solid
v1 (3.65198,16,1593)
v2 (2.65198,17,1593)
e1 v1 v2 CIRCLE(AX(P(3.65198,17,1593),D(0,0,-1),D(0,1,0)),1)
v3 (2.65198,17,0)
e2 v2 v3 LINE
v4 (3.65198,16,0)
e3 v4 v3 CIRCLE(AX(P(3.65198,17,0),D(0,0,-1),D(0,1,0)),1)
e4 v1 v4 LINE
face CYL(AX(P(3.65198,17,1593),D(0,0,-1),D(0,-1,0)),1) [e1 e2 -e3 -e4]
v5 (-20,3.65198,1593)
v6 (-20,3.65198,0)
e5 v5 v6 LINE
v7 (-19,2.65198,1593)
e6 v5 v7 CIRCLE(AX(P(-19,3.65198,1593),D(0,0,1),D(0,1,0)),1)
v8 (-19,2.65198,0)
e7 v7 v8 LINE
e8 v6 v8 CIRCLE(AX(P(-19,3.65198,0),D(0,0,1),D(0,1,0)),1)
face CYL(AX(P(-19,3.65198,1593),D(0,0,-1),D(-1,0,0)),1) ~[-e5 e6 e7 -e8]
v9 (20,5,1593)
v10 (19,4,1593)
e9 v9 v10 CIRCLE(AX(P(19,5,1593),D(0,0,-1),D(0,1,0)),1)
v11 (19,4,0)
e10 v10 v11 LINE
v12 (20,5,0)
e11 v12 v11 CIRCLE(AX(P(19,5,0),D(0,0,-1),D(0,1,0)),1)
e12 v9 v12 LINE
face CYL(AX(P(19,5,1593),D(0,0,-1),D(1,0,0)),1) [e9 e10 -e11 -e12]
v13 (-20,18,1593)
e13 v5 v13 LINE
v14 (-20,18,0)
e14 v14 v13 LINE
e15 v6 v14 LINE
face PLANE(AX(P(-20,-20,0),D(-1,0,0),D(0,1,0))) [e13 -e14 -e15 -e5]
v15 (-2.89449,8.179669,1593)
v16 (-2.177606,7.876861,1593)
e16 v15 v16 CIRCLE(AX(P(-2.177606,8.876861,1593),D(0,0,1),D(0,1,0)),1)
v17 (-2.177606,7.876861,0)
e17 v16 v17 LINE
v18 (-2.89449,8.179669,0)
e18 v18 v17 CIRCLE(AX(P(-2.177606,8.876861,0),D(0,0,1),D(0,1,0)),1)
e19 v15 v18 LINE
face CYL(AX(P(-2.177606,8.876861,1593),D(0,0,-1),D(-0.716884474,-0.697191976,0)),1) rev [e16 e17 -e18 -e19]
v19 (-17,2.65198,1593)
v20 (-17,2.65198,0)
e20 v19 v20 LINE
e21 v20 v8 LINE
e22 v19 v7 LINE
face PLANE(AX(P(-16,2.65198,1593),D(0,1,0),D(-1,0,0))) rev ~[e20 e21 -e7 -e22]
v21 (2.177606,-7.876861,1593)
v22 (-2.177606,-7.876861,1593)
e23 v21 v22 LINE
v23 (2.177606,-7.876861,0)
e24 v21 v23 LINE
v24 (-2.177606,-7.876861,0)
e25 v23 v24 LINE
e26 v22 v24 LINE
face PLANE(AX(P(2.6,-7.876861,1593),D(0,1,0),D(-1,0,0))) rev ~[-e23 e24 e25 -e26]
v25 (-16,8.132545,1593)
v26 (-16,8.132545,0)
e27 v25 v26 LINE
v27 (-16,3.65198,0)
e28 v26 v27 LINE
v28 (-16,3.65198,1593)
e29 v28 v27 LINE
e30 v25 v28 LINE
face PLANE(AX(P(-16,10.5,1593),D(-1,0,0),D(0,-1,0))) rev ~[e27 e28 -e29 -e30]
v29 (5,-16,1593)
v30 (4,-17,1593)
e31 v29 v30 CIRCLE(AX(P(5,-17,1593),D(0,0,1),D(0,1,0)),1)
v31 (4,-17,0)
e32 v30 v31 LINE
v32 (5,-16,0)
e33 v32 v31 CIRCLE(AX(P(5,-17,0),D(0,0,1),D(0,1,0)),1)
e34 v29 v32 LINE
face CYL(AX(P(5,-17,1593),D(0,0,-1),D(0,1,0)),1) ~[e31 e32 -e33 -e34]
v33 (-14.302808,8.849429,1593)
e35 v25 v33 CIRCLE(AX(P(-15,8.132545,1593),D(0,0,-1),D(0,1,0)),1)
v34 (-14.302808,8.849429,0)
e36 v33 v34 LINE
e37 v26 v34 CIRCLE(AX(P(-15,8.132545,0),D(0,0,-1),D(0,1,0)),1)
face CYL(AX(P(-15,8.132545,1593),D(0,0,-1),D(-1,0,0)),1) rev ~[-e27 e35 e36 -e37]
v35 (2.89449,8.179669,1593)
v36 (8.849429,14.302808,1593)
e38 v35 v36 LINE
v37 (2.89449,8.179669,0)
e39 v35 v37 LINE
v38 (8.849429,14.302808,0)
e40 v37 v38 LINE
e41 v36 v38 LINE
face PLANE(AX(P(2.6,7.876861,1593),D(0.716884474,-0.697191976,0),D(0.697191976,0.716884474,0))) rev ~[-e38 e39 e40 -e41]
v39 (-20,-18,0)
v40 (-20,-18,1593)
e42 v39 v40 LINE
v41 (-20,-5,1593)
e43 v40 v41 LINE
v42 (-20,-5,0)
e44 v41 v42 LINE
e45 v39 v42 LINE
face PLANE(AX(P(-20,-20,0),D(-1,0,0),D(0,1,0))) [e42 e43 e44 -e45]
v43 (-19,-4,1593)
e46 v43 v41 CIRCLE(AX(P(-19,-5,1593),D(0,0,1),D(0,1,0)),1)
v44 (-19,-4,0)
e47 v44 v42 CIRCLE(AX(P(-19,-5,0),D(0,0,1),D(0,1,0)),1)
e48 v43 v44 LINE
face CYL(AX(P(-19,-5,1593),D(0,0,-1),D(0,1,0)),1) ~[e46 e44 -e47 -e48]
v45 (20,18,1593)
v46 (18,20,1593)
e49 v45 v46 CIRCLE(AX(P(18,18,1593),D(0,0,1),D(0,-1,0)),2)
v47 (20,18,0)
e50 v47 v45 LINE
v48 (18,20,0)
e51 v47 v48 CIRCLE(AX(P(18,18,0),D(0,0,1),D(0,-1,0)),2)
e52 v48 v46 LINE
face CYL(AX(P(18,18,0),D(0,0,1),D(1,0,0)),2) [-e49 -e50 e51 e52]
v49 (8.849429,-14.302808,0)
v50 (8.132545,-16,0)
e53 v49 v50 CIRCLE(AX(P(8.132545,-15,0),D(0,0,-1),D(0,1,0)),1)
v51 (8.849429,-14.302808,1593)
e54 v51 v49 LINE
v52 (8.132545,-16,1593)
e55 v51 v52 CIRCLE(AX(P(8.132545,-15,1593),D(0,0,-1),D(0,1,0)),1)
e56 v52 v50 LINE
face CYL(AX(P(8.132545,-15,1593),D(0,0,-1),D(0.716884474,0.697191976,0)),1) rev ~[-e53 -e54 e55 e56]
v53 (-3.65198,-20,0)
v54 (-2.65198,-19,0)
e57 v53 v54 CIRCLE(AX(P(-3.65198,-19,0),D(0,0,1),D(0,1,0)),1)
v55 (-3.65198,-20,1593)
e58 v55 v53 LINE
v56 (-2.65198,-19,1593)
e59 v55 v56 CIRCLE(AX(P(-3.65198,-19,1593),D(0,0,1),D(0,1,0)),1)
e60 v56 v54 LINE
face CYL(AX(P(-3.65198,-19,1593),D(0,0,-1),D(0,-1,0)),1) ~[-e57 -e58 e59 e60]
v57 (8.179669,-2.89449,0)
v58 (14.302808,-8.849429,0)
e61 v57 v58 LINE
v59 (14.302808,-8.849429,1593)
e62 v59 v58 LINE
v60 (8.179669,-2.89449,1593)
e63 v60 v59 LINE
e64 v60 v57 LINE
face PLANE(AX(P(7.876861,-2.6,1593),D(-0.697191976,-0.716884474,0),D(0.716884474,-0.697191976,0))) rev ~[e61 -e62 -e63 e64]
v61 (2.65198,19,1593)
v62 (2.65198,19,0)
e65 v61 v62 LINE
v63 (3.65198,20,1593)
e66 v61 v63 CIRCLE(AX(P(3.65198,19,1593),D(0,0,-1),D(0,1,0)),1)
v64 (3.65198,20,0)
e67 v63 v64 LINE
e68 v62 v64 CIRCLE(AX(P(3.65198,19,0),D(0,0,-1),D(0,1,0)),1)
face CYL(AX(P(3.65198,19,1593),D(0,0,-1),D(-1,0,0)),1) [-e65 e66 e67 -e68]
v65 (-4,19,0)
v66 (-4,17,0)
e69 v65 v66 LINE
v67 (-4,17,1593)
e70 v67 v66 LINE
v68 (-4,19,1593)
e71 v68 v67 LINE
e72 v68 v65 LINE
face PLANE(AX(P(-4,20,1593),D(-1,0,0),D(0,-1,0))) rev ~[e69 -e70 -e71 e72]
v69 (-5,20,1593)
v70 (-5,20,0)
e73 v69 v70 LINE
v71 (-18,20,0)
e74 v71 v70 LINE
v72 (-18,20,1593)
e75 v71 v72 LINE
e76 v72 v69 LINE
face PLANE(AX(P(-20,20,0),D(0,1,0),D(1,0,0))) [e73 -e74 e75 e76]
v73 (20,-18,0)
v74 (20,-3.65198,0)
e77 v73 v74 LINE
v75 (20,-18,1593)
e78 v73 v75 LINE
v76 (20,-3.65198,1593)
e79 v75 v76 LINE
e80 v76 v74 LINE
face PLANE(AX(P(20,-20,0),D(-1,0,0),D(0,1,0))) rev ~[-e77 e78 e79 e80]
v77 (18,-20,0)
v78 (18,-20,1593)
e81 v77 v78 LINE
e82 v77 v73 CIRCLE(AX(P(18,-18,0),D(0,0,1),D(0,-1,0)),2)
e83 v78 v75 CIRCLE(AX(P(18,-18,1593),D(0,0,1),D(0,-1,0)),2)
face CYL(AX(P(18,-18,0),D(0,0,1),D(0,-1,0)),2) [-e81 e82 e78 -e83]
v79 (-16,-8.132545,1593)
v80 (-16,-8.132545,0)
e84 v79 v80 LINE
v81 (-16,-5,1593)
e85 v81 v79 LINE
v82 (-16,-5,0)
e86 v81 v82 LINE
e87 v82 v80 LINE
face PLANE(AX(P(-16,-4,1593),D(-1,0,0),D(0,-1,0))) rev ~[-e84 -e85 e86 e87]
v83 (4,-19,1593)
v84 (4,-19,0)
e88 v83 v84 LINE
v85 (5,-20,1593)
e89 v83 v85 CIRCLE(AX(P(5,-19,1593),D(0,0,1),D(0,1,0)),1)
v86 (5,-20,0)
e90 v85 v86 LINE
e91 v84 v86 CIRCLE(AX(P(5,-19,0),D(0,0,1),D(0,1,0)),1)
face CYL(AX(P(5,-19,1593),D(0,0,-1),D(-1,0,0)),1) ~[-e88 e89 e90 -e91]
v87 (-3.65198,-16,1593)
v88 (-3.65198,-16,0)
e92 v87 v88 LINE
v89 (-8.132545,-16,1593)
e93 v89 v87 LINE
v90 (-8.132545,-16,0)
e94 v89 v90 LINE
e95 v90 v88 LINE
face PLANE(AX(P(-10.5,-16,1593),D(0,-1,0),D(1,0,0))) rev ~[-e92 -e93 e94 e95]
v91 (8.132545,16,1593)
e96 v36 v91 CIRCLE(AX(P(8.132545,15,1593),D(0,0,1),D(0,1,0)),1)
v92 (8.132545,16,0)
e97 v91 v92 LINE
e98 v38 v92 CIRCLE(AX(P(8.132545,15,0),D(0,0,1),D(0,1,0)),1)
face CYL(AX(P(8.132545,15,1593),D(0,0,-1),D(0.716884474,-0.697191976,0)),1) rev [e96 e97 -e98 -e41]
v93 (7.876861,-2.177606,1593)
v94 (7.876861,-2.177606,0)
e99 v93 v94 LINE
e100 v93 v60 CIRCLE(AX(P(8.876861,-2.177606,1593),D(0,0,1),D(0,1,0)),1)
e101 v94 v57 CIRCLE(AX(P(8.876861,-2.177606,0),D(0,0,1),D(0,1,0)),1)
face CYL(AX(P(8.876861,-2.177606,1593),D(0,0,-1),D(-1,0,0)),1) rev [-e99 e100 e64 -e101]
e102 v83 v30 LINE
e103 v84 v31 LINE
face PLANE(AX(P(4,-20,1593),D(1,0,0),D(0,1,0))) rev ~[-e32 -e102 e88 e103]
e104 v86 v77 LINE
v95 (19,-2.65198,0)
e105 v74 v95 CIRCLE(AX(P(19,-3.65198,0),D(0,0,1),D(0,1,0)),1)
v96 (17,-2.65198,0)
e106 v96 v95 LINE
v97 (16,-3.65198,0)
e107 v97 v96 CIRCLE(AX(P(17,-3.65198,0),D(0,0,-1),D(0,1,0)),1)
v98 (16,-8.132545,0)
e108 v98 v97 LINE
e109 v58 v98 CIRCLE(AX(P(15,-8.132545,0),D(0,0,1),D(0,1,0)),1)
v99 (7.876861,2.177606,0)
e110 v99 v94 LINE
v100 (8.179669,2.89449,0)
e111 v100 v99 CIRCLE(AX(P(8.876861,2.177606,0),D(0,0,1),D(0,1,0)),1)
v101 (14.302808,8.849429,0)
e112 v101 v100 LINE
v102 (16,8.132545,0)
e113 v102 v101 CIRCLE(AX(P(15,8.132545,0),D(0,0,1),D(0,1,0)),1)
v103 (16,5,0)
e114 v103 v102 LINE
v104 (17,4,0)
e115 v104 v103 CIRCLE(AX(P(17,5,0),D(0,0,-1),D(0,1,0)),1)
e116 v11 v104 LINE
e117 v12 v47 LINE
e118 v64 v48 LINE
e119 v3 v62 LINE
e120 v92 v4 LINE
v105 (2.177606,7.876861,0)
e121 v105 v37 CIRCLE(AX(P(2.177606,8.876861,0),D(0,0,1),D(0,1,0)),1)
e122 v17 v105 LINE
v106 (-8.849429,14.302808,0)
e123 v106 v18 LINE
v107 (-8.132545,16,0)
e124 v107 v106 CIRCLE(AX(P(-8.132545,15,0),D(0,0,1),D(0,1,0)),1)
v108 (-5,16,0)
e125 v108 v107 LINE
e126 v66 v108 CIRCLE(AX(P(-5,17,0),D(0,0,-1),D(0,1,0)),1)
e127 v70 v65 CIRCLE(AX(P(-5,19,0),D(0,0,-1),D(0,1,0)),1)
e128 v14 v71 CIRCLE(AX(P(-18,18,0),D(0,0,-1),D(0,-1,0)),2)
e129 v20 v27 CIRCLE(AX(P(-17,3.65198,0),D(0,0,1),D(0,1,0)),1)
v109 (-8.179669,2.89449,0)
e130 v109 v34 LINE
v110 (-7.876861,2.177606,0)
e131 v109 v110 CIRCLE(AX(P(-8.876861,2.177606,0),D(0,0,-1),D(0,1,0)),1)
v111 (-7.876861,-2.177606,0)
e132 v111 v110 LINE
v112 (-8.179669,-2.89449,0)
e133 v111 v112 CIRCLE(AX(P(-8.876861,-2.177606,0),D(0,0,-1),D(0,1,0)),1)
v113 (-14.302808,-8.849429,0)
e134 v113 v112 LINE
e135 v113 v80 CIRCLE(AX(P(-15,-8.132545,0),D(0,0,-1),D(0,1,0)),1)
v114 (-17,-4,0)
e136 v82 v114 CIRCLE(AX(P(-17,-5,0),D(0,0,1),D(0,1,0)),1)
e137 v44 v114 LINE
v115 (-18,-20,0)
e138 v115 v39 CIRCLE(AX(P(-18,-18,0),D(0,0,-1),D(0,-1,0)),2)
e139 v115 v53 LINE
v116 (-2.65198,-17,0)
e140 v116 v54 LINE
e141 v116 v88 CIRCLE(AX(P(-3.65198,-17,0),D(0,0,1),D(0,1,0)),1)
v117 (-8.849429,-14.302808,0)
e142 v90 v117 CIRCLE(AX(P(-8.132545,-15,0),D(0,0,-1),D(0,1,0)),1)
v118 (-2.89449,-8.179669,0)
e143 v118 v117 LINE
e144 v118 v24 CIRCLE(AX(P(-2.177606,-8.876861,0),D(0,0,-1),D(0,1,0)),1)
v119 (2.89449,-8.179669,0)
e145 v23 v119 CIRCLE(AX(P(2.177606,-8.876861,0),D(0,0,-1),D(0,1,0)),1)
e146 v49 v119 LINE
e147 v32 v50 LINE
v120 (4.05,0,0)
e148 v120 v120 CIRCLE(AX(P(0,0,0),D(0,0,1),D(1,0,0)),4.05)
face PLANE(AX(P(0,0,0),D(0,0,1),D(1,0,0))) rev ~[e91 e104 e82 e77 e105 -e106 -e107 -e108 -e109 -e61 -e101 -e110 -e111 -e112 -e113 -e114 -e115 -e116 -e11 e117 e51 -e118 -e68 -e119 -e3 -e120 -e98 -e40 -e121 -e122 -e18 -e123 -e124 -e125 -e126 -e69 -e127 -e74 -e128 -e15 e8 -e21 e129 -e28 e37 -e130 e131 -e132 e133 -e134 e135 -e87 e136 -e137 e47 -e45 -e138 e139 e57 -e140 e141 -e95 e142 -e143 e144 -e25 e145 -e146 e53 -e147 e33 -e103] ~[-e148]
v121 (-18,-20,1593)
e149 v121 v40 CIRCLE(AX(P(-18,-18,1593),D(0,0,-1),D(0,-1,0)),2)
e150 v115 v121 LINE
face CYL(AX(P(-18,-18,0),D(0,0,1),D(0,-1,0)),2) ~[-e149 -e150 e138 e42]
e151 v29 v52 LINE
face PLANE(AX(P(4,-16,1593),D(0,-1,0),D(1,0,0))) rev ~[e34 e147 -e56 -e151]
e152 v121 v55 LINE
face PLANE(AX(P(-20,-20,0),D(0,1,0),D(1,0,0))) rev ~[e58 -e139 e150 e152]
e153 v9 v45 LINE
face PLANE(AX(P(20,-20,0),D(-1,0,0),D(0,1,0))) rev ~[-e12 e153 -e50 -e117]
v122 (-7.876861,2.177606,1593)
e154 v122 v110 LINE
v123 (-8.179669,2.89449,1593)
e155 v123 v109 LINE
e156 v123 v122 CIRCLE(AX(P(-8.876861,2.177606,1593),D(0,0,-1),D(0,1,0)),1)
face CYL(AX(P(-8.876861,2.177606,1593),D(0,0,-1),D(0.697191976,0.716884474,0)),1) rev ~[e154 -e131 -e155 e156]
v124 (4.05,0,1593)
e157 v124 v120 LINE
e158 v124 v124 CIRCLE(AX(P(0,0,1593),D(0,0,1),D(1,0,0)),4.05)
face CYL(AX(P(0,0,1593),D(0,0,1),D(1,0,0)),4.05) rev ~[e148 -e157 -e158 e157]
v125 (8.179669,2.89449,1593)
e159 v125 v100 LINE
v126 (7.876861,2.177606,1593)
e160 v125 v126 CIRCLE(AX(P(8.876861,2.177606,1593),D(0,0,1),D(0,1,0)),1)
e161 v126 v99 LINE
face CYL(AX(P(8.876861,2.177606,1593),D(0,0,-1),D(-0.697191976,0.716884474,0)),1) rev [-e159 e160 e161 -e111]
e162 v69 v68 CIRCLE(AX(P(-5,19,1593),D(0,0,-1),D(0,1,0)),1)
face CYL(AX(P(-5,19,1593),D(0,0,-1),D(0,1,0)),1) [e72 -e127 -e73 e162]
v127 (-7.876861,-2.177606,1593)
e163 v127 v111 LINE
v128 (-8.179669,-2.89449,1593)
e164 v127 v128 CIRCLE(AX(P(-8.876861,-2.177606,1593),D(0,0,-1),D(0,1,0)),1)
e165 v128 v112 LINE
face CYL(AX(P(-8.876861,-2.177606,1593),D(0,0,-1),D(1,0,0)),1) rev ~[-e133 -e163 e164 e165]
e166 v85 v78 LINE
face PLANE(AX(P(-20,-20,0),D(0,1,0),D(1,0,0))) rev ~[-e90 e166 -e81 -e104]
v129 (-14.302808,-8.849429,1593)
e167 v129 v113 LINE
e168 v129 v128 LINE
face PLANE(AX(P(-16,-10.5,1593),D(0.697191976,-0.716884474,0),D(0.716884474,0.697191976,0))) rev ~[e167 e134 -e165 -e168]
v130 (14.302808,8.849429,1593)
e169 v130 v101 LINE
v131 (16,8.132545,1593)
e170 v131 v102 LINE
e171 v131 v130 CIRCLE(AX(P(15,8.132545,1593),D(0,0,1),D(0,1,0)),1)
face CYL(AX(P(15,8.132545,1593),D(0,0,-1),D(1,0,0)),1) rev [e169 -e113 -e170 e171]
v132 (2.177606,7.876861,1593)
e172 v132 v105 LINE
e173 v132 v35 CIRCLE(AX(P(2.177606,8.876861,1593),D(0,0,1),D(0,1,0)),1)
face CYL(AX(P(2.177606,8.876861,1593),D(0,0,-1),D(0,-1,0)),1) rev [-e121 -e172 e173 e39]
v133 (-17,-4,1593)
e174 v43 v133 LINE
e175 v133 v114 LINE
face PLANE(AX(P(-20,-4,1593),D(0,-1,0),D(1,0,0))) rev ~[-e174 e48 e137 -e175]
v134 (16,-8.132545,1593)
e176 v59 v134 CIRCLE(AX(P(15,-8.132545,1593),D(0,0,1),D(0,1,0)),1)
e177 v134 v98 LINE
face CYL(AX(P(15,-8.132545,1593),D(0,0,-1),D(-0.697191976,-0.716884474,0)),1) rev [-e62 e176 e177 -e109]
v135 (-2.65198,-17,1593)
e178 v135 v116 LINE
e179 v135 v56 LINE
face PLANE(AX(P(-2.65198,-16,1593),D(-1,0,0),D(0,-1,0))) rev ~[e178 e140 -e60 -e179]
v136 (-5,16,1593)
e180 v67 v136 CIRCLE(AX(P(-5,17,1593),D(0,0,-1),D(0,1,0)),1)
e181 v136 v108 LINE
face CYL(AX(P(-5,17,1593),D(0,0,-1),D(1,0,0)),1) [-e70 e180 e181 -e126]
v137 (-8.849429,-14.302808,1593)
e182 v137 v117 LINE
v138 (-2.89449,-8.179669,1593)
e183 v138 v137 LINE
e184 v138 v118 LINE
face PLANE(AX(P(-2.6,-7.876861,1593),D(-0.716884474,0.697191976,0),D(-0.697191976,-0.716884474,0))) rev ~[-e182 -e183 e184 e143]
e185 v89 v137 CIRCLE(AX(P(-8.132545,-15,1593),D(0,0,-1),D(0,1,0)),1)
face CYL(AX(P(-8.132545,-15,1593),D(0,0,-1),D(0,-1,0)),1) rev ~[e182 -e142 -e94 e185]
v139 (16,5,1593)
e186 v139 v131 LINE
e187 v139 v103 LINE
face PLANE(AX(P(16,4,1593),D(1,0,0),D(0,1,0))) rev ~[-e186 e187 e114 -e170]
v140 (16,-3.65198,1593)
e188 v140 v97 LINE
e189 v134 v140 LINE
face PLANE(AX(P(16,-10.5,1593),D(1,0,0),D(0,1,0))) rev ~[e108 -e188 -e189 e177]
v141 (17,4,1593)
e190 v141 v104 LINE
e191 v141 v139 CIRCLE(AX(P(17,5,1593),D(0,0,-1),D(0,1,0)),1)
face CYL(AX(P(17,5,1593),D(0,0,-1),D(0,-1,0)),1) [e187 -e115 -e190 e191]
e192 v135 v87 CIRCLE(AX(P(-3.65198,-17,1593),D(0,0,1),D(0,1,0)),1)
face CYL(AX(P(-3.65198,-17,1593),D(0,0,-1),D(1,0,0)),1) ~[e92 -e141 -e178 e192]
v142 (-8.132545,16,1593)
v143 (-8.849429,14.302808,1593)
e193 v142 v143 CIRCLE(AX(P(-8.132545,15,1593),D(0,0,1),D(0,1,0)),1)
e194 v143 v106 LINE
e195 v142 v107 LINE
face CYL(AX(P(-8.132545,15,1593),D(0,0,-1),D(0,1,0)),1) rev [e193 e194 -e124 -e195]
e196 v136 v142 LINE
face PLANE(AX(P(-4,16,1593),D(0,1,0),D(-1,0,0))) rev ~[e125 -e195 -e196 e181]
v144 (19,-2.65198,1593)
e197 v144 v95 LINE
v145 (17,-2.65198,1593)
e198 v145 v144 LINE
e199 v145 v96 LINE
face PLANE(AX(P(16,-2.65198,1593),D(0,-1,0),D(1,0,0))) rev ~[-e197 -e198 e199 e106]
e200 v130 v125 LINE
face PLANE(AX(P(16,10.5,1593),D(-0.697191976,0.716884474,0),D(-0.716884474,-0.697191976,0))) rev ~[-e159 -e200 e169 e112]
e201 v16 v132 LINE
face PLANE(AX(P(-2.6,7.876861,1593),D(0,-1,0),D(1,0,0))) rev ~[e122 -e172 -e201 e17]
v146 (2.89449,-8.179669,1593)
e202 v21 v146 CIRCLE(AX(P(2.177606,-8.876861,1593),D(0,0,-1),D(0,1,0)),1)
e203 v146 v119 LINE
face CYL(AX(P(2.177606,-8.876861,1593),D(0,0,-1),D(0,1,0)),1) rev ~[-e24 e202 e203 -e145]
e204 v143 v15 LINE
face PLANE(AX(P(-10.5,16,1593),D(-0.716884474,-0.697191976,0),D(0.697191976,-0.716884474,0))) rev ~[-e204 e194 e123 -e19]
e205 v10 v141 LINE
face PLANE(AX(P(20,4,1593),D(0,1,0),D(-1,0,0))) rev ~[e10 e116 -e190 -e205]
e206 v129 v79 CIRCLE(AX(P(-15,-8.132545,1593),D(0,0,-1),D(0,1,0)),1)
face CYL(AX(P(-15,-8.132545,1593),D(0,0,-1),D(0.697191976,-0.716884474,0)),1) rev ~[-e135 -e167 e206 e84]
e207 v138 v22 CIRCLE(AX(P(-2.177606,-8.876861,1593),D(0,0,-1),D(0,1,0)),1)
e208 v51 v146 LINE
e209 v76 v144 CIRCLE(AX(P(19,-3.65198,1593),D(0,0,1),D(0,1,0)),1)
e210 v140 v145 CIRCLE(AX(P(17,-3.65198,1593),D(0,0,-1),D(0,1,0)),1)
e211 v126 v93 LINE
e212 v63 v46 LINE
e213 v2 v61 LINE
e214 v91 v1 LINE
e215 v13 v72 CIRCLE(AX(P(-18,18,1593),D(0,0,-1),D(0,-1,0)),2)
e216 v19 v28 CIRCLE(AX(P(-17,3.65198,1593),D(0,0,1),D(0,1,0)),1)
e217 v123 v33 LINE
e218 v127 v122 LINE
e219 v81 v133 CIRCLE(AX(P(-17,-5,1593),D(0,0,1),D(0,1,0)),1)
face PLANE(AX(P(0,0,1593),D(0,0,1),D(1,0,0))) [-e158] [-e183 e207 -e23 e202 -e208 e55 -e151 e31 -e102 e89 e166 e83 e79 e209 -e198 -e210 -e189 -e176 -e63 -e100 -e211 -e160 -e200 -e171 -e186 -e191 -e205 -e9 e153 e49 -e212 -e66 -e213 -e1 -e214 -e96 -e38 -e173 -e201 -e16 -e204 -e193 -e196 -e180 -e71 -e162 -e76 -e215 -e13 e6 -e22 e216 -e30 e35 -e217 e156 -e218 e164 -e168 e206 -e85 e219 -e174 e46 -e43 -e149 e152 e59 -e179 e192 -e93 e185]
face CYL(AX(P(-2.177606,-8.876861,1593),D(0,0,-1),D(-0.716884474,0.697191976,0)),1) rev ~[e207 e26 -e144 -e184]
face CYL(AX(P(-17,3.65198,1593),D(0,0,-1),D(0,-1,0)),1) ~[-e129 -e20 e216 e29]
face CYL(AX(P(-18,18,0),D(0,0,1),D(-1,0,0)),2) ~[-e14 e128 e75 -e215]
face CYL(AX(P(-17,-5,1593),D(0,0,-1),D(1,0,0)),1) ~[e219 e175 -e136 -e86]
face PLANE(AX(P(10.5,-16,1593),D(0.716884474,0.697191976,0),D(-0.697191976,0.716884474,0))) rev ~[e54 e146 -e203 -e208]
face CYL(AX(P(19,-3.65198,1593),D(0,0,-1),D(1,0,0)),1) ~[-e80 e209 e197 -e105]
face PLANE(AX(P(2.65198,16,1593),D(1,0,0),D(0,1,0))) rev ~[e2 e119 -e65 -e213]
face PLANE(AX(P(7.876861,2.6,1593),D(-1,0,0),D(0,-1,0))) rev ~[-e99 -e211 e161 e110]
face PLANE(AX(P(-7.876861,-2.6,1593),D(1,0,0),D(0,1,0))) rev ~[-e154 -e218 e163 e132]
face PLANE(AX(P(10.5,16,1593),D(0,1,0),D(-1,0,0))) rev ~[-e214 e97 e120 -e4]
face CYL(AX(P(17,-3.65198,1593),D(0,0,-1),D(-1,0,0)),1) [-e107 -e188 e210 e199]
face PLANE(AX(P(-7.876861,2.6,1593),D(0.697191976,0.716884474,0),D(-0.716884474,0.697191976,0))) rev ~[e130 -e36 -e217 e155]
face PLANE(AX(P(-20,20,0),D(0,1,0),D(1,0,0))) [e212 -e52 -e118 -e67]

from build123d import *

# Parameters (mm, degrees)
SKETCH_1_W               = 40
SKETCH_1_H               = 40
EXTRUDE_1_DEPTH          = 1593
SKETCH_2_R               = 4.05
CUT_EXTRUDE_1_DEPTH      = 10000
CUT_EXTRUDE_2_DEPTH      = 10000
FILLET_1_R               = 1
PATTERN_CIRCULAR_2_COUNT = 4
FILLET_2_R               = 1
FILLET_3_R               = 1
FILLET_4_R               = 1
FILLET_5_R               = 2


with BuildPart() as part:
    # 草图1 → 凸台-拉伸1 (new body)
    with BuildSketch(Plane.XY):
        Rectangle(SKETCH_1_W, SKETCH_1_H)
    extrude(amount=EXTRUDE_1_DEPTH)

    # 草图2 → 切除-拉伸1 (cut)
    with BuildSketch(Plane.XY.offset(1593)):
        Circle(SKETCH_2_R)
    extrude(amount=-CUT_EXTRUDE_1_DEPTH, mode=Mode.SUBTRACT)

    # 草图4 → 切除-拉伸2 (cut)
    with BuildSketch(Plane.XY.offset(1593)):
        Polygon((20, 0), (20, 4), (16, 4), (16, 10.5), (7.876860985, 2.6), (7.876860985, -2.6), (16, -10.5), (16, -2.65197969), (20, -2.65197969), align=None)
    cut_extrude_2 = extrude(amount=-CUT_EXTRUDE_2_DEPTH, mode=Mode.SUBTRACT)

    # 圆角1
    fillet_1_edges = [part.edges().sort_by_distance(p)[0] for p in [
        (20, -2.65197969, 796.5),
        (16, -2.65197969, 796.5),
        (16, -10.5, 796.5),
        (7.876860985, -2.6, 796.5),
        (7.876860985, 2.6, 796.5),
        (16, 10.5, 796.5),
        (16, 4, 796.5),
        (20, 4, 796.5),
    ]]
    fillet(fillet_1_edges, radius=FILLET_1_R)

    # 阵列(圆周)2: 切除-拉伸2 ×4 about axis
    pattern_circular_2_axis = Axis((0, 0, 0), (0, 0, 1))
    for i in range(1, PATTERN_CIRCULAR_2_COUNT):
        add(cut_extrude_2.rotate(pattern_circular_2_axis, i * 360 / PATTERN_CIRCULAR_2_COUNT), mode=Mode.SUBTRACT)

    # 圆角2
    fillet_2_edges = [part.edges().sort_by_distance(p)[0] for p in [
        (2.65197969, 20, 796.5),
        (2.65197969, 16, 796.5),
        (10.5, 16, 796.5),
        (2.6, 7.876860985, 796.5),
        (-2.6, 7.876860985, 796.5),
        (-10.5, 16, 796.5),
        (-4, 16, 796.5),
        (-4, 20, 796.5),
    ]]
    fillet(fillet_2_edges, radius=FILLET_2_R)

    # 圆角3
    fillet_3_edges = [part.edges().sort_by_distance(p)[0] for p in [
        (-20, 2.65197969, 796.5),
        (-16, 2.65197969, 796.5),
        (-16, 10.5, 796.5),
        (-7.876860985, 2.6, 796.5),
        (-7.876860985, -2.6, 796.5),
        (-16, -10.5, 796.5),
        (-16, -4, 796.5),
        (-20, -4, 796.5),
    ]]
    fillet(fillet_3_edges, radius=FILLET_3_R)

    # 圆角4
    fillet_4_edges = [part.edges().sort_by_distance(p)[0] for p in [
        (-2.65197969, -20, 796.5),
        (-2.65197969, -16, 796.5),
        (-10.5, -16, 796.5),
        (-2.6, -7.876860985, 796.5),
        (2.6, -7.876860985, 796.5),
        (10.5, -16, 796.5),
        (4, -16, 796.5),
        (4, -20, 796.5),
    ]]
    fillet(fillet_4_edges, radius=FILLET_4_R)

    # 圆角5
    fillet_5_edges = [part.edges().sort_by_distance(p)[0] for p in [
        (20, -20, 796.5),
        (-20, -20, 796.5),
        (-20, 20, 796.5),
        (20, 20, 796.5),
    ]]
    fillet(fillet_5_edges, radius=FILLET_5_R)


solid = part.part
